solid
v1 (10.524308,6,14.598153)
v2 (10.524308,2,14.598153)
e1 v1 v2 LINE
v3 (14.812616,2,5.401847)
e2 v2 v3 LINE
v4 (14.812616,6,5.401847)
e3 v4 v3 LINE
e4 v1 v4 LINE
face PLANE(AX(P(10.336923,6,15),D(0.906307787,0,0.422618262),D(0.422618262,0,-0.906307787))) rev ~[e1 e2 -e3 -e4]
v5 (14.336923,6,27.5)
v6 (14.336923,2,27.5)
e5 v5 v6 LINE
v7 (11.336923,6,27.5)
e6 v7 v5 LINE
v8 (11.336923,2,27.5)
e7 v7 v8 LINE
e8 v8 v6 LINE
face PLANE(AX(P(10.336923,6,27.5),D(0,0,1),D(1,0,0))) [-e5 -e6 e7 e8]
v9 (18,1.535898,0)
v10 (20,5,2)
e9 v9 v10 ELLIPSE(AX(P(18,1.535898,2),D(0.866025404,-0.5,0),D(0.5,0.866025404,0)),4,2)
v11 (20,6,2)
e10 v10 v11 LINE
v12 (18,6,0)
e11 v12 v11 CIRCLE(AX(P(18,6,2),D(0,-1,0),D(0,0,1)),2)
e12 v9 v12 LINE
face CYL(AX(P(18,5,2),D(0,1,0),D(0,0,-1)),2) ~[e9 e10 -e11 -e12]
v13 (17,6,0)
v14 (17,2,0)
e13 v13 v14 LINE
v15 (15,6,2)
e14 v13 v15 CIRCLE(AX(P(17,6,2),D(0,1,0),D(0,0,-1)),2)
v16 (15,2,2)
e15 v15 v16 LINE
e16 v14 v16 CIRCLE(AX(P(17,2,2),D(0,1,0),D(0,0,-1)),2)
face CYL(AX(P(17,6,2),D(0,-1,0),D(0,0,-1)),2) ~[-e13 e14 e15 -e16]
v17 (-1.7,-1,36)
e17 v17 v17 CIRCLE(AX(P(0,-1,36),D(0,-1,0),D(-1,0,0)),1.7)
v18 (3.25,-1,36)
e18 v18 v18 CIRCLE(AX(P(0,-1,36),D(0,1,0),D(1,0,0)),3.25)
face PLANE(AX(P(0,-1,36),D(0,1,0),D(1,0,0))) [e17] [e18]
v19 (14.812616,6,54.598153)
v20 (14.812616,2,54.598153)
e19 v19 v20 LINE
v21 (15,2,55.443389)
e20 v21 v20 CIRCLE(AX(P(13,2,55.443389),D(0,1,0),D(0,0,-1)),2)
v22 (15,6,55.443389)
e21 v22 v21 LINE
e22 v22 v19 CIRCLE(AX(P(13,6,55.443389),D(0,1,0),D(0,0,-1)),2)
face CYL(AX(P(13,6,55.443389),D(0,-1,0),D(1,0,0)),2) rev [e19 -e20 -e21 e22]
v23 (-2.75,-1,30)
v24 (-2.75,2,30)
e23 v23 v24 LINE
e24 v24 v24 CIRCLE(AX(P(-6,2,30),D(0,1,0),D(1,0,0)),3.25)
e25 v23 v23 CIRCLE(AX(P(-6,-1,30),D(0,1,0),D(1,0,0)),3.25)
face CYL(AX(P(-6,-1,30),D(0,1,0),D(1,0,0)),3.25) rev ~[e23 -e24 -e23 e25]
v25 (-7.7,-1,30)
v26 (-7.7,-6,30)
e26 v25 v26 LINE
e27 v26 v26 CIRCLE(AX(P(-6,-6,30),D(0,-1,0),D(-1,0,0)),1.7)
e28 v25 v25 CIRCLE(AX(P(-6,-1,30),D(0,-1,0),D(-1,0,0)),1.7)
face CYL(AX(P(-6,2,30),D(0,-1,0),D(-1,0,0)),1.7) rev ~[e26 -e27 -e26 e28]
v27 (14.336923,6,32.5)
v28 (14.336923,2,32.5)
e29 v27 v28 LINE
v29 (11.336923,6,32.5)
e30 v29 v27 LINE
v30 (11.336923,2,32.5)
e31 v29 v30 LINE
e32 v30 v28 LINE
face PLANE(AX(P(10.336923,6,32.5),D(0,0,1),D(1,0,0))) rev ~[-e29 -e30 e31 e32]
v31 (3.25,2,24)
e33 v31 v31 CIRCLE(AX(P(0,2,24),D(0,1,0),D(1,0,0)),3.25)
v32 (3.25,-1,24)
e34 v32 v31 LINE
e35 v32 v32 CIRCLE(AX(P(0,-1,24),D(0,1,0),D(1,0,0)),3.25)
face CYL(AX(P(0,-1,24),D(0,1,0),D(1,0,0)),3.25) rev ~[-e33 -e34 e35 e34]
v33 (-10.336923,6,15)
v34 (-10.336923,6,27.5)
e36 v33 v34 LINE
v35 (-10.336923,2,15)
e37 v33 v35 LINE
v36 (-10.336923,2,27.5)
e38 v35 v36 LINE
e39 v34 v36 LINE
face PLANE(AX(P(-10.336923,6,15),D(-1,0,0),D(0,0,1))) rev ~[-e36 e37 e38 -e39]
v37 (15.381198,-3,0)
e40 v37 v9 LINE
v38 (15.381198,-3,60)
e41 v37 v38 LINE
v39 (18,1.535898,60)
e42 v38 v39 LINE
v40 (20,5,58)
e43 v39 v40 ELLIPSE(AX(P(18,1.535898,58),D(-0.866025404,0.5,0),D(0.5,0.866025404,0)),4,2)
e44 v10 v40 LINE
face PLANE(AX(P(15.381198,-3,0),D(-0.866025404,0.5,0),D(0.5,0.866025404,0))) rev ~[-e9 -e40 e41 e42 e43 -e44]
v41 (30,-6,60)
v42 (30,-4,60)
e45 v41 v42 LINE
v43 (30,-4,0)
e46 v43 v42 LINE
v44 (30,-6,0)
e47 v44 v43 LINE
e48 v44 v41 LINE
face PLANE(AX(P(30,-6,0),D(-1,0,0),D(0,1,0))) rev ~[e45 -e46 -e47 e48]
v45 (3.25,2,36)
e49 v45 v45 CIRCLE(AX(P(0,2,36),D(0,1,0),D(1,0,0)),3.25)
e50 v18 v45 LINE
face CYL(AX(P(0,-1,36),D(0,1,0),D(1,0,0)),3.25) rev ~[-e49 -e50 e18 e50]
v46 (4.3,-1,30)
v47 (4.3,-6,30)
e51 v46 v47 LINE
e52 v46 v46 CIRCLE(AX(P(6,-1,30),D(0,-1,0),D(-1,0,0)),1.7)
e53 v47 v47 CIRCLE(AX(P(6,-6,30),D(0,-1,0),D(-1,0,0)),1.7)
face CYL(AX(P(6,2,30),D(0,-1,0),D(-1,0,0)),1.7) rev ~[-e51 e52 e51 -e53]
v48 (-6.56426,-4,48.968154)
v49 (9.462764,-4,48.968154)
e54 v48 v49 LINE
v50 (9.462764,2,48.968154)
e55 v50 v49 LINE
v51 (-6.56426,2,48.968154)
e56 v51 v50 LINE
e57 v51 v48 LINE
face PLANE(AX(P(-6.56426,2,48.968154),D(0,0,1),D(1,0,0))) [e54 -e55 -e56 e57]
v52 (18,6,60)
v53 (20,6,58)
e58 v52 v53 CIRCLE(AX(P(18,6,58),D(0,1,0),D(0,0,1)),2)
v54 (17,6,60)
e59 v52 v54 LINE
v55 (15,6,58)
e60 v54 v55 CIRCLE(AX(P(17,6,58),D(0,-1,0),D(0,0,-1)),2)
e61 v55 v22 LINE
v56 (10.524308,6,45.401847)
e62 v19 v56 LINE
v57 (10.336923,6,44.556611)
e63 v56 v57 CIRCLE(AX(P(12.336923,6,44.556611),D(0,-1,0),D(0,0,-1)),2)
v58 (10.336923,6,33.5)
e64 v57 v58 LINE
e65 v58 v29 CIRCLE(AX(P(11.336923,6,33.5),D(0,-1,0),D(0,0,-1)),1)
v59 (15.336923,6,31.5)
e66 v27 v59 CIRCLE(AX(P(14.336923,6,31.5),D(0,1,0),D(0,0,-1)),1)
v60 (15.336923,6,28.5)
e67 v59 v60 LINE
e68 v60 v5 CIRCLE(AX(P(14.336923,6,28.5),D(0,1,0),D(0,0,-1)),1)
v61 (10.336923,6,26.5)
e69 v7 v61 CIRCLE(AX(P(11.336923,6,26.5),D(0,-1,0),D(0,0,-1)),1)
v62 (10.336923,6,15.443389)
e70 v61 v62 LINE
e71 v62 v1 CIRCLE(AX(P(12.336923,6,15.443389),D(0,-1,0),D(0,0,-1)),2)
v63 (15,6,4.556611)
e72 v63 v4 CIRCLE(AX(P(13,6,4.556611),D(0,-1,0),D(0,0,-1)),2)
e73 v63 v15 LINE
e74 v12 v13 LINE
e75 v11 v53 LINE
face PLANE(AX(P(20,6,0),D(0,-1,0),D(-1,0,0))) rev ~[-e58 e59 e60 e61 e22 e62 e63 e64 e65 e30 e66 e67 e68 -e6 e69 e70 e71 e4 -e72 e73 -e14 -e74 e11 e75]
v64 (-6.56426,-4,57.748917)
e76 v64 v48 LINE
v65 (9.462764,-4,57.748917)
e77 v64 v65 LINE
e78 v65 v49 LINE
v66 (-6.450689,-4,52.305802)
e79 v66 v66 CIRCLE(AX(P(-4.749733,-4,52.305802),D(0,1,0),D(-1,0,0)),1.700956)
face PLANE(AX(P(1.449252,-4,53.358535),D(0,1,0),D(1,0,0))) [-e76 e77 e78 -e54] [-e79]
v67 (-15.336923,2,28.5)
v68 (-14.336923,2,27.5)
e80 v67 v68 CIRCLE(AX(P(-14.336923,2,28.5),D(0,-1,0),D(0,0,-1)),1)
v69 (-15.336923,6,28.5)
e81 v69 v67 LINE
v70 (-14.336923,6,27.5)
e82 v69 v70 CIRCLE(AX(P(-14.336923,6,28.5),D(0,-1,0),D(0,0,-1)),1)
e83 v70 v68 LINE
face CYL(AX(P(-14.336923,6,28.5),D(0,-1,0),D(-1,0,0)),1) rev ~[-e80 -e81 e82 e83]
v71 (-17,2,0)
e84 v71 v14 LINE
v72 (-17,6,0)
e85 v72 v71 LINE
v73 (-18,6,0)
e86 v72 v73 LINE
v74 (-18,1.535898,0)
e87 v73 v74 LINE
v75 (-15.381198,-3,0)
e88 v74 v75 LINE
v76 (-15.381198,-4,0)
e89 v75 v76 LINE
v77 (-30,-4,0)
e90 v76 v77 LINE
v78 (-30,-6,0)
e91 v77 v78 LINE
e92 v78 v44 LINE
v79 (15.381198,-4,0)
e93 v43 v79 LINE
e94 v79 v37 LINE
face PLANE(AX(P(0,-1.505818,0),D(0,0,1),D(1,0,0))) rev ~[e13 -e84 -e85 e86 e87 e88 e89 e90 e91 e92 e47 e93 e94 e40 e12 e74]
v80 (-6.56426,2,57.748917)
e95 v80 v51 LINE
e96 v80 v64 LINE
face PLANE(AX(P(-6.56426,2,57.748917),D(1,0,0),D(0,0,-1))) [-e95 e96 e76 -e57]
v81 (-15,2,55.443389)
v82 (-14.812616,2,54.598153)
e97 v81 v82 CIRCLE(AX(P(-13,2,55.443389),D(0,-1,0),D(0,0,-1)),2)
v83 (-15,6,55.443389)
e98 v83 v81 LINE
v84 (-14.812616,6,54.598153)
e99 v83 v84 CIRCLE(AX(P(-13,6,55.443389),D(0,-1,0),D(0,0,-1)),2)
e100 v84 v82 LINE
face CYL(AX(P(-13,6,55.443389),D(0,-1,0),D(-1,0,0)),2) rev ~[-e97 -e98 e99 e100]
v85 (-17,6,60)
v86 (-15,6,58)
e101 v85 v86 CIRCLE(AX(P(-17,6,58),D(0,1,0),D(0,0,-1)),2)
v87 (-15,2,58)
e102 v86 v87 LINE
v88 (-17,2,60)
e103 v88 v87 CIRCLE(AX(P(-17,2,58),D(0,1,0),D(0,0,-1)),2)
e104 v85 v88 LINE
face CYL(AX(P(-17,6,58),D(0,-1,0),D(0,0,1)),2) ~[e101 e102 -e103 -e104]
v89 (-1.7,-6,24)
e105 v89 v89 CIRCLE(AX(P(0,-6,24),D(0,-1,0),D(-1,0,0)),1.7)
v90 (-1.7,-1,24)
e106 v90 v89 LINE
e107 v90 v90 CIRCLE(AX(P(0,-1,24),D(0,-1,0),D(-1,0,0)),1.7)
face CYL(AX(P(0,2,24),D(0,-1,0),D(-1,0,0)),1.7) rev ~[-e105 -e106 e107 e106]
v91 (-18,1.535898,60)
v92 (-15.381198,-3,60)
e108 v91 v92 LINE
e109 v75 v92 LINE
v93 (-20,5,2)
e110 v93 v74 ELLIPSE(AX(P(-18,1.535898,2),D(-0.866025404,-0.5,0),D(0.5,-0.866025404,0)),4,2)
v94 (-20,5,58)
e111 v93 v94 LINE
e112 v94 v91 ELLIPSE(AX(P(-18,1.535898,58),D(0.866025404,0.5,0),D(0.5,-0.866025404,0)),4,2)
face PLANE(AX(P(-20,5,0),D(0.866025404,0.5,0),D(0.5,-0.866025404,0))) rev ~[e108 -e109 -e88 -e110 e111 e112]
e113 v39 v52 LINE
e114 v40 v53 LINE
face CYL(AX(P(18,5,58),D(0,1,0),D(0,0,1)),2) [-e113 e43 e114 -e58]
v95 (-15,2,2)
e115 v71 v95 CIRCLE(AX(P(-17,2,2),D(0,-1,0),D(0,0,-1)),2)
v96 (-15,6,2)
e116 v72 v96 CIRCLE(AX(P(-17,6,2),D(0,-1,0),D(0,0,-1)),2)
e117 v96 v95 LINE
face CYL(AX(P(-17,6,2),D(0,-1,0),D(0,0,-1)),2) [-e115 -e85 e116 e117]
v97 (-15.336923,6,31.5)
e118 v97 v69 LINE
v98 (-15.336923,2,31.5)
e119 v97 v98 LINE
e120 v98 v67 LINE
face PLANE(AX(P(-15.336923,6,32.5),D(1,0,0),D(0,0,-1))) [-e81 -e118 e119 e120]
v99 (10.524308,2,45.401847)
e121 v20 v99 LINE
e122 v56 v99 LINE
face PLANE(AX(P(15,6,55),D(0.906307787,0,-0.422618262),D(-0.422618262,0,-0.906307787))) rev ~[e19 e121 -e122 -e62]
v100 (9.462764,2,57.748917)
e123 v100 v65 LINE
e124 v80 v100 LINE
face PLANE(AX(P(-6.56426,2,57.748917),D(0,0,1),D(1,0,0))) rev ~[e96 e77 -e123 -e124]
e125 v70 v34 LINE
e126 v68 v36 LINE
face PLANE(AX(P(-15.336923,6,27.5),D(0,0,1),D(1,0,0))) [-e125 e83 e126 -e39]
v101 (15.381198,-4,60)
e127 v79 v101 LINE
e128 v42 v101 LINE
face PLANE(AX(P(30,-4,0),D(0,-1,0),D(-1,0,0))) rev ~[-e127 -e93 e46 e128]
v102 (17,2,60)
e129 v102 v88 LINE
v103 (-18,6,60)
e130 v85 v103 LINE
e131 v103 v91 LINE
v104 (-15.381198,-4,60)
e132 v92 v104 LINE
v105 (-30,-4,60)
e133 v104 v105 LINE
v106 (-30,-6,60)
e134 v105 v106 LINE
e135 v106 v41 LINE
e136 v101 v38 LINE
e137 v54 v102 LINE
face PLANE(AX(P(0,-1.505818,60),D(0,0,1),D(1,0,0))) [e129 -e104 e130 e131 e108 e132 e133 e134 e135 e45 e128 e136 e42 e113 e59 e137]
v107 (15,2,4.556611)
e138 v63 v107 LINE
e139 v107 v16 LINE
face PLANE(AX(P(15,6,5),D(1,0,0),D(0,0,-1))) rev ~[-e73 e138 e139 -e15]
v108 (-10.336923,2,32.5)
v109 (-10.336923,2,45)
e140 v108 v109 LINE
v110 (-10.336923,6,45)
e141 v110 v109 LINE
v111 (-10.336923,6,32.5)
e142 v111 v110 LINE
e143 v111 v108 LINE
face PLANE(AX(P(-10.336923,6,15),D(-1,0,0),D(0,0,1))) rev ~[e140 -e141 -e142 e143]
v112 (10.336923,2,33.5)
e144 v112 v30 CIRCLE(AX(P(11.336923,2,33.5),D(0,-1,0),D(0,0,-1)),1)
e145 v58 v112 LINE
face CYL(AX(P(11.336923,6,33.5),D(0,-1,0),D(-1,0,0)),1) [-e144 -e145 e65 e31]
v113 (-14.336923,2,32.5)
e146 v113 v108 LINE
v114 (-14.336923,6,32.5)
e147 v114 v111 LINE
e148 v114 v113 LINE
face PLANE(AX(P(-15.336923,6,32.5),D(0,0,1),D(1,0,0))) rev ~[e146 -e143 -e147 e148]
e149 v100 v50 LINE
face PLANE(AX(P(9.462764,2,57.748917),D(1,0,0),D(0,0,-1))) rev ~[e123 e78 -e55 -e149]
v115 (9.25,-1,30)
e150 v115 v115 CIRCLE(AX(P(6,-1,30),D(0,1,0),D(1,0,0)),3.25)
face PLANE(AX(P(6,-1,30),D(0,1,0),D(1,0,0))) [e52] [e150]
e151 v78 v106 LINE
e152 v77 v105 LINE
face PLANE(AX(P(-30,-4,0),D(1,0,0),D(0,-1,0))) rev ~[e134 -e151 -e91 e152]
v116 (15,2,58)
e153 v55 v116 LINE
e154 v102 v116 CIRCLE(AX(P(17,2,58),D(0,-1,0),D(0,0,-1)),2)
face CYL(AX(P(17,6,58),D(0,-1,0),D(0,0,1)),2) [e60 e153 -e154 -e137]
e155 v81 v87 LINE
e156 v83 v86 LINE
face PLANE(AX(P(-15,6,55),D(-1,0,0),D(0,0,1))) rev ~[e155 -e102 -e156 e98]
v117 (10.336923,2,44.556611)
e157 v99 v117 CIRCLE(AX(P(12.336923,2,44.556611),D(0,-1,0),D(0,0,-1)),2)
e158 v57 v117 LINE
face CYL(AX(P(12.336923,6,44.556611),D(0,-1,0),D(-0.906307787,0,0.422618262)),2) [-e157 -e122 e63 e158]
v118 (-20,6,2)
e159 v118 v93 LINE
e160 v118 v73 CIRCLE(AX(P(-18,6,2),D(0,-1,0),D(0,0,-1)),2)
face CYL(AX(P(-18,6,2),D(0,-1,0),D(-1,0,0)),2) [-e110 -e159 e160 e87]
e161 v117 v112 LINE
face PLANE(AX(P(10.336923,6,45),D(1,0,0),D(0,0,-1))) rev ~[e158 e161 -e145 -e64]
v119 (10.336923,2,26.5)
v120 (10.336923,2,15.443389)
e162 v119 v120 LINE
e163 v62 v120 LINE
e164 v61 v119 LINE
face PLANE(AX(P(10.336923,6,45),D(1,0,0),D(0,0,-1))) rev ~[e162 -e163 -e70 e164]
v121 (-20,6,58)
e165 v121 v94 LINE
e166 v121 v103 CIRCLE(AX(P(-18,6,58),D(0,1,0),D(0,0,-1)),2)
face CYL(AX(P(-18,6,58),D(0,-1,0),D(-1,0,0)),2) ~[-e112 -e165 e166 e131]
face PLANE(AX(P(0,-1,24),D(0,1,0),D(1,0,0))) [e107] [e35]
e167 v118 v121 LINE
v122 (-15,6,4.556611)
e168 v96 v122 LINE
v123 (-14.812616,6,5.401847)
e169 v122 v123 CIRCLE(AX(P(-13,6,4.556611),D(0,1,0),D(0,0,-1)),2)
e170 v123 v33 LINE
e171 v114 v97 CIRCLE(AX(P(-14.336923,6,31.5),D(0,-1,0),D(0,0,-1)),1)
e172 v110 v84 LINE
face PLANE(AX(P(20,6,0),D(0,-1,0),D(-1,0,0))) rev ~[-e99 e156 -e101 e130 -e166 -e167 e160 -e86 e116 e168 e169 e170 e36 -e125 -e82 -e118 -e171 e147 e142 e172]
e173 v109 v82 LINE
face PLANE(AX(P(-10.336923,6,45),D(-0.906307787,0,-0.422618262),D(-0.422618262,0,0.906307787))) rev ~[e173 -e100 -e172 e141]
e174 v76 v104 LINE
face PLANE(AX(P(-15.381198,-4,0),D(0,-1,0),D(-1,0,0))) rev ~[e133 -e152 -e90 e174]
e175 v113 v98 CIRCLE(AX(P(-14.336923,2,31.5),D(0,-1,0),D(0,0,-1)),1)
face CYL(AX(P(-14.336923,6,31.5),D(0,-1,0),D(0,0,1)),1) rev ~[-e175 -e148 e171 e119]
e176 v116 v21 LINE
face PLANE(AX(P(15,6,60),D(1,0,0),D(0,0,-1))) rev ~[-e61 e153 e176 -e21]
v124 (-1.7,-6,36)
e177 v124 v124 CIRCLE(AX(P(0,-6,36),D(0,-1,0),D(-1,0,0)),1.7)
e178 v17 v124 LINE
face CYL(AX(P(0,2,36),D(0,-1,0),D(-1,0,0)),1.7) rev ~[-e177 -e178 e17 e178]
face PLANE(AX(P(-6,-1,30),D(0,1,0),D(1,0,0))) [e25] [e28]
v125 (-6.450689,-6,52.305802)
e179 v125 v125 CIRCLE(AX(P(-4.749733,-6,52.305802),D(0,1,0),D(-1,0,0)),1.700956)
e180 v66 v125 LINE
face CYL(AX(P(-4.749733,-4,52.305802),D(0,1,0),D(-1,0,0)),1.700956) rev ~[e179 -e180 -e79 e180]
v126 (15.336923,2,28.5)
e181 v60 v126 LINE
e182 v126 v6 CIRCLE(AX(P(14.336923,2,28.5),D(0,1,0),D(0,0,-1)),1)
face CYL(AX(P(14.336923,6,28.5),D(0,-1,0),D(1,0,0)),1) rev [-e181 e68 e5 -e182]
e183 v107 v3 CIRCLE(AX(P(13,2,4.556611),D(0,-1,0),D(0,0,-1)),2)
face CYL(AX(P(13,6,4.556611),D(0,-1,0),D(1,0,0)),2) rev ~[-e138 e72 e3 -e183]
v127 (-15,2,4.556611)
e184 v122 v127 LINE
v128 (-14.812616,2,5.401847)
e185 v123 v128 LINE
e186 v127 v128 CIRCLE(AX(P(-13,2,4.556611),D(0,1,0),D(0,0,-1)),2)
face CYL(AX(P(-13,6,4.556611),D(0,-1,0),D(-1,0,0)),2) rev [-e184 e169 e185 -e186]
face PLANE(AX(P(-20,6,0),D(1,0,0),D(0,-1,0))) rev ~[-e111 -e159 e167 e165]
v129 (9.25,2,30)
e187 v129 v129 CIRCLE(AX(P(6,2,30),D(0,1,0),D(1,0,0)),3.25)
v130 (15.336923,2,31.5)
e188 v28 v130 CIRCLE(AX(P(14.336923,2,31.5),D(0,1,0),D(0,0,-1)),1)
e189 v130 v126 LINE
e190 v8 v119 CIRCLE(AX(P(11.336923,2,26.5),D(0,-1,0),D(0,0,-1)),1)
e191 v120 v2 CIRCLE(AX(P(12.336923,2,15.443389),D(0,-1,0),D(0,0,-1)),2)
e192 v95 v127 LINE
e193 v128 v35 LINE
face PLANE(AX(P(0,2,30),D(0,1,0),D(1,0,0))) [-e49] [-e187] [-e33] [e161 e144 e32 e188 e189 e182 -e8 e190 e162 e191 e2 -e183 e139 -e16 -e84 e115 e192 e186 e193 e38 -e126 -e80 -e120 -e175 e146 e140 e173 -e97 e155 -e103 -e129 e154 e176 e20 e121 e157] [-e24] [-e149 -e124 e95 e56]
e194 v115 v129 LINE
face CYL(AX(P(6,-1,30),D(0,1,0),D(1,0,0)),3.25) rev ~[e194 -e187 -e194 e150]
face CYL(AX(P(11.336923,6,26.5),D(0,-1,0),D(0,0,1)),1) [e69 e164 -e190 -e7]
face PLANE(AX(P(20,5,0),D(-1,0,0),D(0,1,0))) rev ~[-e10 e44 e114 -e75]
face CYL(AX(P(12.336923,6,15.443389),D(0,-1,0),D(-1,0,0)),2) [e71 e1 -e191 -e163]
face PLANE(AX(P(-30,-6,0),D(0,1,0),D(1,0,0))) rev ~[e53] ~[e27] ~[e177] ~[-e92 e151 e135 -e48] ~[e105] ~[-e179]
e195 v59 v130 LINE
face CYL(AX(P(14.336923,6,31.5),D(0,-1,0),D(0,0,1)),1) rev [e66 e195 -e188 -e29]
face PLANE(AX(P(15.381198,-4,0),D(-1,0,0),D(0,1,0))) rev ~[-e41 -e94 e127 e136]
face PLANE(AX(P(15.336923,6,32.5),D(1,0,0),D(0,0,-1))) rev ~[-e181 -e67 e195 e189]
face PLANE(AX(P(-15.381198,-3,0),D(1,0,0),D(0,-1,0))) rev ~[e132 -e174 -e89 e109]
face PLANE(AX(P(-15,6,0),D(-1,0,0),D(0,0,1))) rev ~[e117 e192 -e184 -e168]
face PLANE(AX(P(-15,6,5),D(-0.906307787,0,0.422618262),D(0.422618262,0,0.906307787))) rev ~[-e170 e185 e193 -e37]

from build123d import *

# Parameters (mm, degrees)
EXTRUDE_1_DEPTH             = 60
CUT_EXTRUDE_1_DEPTH         = 4
SKETCH_3_W                  = 5
SKETCH_3_H                  = 5
CUT_EXTRUDE_2_DEPTH         = 4
FILLET_1_R                  = 2
FILLET_2_R                  = 1
HOLE_WIZARD_M31_D           = 3.4
HOLE_WIZARD_M31_CBORE_D     = 6.5
HOLE_WIZARD_M31_CBORE_DEPTH = 3
SKETCH_9_W                  = 16.027024291
SKETCH_9_H                  = 8.780763308
CUT_EXTRUDE_4_DEPTH         = 6
SKETCH_10_R                 = 1.700955844
CUT_EXTRUDE_5_DEPTH         = 68.823299831


with BuildPart() as part:
    # Эскиз1 → Бобышка-Вытянуть1 (new body)
    with BuildSketch(Plane.XY):
        Polygon((-20, 5), (-15.381197846, -3), (-15.381197846, -4), (-30, -4), (-30, -6), (30, -6), (30, -4), (15.381197846, -4), (15.381197846, -3), (20, 5), (20, 6), (-20, 6), align=None)
    extrude(amount=EXTRUDE_1_DEPTH)

    # Эскиз2 → Вырез-Вытянуть1 (cut)
    with BuildSketch(Plane(origin=(0, 6, 0), x_dir=(1, 0, 0), z_dir=(0, 1, 0))):
        Polygon((15, 0), (-15, 0), (-15, -5), (-10.336923418, -15), (-10.336923418, -45), (-15, -55), (-15, -60), (15, -60), (15, -55), (10.336923418, -45), (10.336923418, -15), (15, -5), align=None)
    extrude(amount=-CUT_EXTRUDE_1_DEPTH, mode=Mode.SUBTRACT)

    # Эскиз3 → Вырез-Вытянуть2 (cut)
    with BuildSketch(Plane(origin=(0, 6, 0), x_dir=(1, 0, 0), z_dir=(0, 1, 0))):
        with Locations((-12.836923418, -30)):
            Rectangle(SKETCH_3_W, SKETCH_3_H)
        with Locations((12.836923418, -30)):
            Rectangle(SKETCH_3_W, SKETCH_3_H)
    extrude(amount=-CUT_EXTRUDE_2_DEPTH, mode=Mode.SUBTRACT)

    # Скругление1
    fillet_1_edges = [part.edges().sort_by_distance(p)[0] for p in [
        (20, 5.5, 0),
        (-20, 5.5, 0),
        (20, 5.5, 60),
        (-20, 5.5, 60),
        (-15, 4, 5),
        (-15, 4, 0),
        (15, 4, 0),
        (15, 4, 5),
        (10.336923418, 4, 15),
        (10.336923418, 4, 45),
        (15, 4, 55),
        (15, 4, 60),
        (-15, 4, 60),
        (-15, 4, 55),
    ]]
    fillet(fillet_1_edges, radius=FILLET_1_R)

    # Скругление2
    fillet_2_edges = [part.edges().sort_by_distance(p)[0] for p in [
        (-15.336923418, 4, 32.5),
        (-15.336923418, 4, 27.5),
        (10.336923418, 4, 27.5),
        (15.336923418, 4, 27.5),
        (15.336923418, 4, 32.5),
        (10.336923418, 4, 32.5),
    ]]
    fillet(fillet_2_edges, radius=FILLET_2_R)

    # Цековка для винта с внутренним шестигранником M31 (through all)
    with Locations(Plane(origin=(0, 2, 0), x_dir=(1, 0, 0), z_dir=(0, 1, 0))):
        with Locations((0, -24), (6, -30), (0, -36), (-6, -30)):
            CounterBoreHole(HOLE_WIZARD_M31_D / 2, HOLE_WIZARD_M31_CBORE_D / 2, HOLE_WIZARD_M31_CBORE_DEPTH)

    # Эскиз9 → Вырез-Вытянуть4 (cut)
    with BuildSketch(Plane(origin=(0, 2, 0), x_dir=(1, 0, 0), z_dir=(0, 1, 0))):
        with Locations((1.449252196, -53.358535403)):
            Rectangle(SKETCH_9_W, SKETCH_9_H)
    extrude(amount=-CUT_EXTRUDE_4_DEPTH, mode=Mode.SUBTRACT)

    # Эскиз10 → Вырез-Вытянуть5 (cut, through all)
    with BuildSketch(Plane(origin=(0, -4, 0), x_dir=(1, 0, 0), z_dir=(0, 1, 0))):
        with Locations(Location((-4.749733233, -52.305802454, 0), (0, 0, 180))):
            Circle(SKETCH_10_R)
    extrude(amount=-CUT_EXTRUDE_5_DEPTH, mode=Mode.SUBTRACT)


solid = part.part
